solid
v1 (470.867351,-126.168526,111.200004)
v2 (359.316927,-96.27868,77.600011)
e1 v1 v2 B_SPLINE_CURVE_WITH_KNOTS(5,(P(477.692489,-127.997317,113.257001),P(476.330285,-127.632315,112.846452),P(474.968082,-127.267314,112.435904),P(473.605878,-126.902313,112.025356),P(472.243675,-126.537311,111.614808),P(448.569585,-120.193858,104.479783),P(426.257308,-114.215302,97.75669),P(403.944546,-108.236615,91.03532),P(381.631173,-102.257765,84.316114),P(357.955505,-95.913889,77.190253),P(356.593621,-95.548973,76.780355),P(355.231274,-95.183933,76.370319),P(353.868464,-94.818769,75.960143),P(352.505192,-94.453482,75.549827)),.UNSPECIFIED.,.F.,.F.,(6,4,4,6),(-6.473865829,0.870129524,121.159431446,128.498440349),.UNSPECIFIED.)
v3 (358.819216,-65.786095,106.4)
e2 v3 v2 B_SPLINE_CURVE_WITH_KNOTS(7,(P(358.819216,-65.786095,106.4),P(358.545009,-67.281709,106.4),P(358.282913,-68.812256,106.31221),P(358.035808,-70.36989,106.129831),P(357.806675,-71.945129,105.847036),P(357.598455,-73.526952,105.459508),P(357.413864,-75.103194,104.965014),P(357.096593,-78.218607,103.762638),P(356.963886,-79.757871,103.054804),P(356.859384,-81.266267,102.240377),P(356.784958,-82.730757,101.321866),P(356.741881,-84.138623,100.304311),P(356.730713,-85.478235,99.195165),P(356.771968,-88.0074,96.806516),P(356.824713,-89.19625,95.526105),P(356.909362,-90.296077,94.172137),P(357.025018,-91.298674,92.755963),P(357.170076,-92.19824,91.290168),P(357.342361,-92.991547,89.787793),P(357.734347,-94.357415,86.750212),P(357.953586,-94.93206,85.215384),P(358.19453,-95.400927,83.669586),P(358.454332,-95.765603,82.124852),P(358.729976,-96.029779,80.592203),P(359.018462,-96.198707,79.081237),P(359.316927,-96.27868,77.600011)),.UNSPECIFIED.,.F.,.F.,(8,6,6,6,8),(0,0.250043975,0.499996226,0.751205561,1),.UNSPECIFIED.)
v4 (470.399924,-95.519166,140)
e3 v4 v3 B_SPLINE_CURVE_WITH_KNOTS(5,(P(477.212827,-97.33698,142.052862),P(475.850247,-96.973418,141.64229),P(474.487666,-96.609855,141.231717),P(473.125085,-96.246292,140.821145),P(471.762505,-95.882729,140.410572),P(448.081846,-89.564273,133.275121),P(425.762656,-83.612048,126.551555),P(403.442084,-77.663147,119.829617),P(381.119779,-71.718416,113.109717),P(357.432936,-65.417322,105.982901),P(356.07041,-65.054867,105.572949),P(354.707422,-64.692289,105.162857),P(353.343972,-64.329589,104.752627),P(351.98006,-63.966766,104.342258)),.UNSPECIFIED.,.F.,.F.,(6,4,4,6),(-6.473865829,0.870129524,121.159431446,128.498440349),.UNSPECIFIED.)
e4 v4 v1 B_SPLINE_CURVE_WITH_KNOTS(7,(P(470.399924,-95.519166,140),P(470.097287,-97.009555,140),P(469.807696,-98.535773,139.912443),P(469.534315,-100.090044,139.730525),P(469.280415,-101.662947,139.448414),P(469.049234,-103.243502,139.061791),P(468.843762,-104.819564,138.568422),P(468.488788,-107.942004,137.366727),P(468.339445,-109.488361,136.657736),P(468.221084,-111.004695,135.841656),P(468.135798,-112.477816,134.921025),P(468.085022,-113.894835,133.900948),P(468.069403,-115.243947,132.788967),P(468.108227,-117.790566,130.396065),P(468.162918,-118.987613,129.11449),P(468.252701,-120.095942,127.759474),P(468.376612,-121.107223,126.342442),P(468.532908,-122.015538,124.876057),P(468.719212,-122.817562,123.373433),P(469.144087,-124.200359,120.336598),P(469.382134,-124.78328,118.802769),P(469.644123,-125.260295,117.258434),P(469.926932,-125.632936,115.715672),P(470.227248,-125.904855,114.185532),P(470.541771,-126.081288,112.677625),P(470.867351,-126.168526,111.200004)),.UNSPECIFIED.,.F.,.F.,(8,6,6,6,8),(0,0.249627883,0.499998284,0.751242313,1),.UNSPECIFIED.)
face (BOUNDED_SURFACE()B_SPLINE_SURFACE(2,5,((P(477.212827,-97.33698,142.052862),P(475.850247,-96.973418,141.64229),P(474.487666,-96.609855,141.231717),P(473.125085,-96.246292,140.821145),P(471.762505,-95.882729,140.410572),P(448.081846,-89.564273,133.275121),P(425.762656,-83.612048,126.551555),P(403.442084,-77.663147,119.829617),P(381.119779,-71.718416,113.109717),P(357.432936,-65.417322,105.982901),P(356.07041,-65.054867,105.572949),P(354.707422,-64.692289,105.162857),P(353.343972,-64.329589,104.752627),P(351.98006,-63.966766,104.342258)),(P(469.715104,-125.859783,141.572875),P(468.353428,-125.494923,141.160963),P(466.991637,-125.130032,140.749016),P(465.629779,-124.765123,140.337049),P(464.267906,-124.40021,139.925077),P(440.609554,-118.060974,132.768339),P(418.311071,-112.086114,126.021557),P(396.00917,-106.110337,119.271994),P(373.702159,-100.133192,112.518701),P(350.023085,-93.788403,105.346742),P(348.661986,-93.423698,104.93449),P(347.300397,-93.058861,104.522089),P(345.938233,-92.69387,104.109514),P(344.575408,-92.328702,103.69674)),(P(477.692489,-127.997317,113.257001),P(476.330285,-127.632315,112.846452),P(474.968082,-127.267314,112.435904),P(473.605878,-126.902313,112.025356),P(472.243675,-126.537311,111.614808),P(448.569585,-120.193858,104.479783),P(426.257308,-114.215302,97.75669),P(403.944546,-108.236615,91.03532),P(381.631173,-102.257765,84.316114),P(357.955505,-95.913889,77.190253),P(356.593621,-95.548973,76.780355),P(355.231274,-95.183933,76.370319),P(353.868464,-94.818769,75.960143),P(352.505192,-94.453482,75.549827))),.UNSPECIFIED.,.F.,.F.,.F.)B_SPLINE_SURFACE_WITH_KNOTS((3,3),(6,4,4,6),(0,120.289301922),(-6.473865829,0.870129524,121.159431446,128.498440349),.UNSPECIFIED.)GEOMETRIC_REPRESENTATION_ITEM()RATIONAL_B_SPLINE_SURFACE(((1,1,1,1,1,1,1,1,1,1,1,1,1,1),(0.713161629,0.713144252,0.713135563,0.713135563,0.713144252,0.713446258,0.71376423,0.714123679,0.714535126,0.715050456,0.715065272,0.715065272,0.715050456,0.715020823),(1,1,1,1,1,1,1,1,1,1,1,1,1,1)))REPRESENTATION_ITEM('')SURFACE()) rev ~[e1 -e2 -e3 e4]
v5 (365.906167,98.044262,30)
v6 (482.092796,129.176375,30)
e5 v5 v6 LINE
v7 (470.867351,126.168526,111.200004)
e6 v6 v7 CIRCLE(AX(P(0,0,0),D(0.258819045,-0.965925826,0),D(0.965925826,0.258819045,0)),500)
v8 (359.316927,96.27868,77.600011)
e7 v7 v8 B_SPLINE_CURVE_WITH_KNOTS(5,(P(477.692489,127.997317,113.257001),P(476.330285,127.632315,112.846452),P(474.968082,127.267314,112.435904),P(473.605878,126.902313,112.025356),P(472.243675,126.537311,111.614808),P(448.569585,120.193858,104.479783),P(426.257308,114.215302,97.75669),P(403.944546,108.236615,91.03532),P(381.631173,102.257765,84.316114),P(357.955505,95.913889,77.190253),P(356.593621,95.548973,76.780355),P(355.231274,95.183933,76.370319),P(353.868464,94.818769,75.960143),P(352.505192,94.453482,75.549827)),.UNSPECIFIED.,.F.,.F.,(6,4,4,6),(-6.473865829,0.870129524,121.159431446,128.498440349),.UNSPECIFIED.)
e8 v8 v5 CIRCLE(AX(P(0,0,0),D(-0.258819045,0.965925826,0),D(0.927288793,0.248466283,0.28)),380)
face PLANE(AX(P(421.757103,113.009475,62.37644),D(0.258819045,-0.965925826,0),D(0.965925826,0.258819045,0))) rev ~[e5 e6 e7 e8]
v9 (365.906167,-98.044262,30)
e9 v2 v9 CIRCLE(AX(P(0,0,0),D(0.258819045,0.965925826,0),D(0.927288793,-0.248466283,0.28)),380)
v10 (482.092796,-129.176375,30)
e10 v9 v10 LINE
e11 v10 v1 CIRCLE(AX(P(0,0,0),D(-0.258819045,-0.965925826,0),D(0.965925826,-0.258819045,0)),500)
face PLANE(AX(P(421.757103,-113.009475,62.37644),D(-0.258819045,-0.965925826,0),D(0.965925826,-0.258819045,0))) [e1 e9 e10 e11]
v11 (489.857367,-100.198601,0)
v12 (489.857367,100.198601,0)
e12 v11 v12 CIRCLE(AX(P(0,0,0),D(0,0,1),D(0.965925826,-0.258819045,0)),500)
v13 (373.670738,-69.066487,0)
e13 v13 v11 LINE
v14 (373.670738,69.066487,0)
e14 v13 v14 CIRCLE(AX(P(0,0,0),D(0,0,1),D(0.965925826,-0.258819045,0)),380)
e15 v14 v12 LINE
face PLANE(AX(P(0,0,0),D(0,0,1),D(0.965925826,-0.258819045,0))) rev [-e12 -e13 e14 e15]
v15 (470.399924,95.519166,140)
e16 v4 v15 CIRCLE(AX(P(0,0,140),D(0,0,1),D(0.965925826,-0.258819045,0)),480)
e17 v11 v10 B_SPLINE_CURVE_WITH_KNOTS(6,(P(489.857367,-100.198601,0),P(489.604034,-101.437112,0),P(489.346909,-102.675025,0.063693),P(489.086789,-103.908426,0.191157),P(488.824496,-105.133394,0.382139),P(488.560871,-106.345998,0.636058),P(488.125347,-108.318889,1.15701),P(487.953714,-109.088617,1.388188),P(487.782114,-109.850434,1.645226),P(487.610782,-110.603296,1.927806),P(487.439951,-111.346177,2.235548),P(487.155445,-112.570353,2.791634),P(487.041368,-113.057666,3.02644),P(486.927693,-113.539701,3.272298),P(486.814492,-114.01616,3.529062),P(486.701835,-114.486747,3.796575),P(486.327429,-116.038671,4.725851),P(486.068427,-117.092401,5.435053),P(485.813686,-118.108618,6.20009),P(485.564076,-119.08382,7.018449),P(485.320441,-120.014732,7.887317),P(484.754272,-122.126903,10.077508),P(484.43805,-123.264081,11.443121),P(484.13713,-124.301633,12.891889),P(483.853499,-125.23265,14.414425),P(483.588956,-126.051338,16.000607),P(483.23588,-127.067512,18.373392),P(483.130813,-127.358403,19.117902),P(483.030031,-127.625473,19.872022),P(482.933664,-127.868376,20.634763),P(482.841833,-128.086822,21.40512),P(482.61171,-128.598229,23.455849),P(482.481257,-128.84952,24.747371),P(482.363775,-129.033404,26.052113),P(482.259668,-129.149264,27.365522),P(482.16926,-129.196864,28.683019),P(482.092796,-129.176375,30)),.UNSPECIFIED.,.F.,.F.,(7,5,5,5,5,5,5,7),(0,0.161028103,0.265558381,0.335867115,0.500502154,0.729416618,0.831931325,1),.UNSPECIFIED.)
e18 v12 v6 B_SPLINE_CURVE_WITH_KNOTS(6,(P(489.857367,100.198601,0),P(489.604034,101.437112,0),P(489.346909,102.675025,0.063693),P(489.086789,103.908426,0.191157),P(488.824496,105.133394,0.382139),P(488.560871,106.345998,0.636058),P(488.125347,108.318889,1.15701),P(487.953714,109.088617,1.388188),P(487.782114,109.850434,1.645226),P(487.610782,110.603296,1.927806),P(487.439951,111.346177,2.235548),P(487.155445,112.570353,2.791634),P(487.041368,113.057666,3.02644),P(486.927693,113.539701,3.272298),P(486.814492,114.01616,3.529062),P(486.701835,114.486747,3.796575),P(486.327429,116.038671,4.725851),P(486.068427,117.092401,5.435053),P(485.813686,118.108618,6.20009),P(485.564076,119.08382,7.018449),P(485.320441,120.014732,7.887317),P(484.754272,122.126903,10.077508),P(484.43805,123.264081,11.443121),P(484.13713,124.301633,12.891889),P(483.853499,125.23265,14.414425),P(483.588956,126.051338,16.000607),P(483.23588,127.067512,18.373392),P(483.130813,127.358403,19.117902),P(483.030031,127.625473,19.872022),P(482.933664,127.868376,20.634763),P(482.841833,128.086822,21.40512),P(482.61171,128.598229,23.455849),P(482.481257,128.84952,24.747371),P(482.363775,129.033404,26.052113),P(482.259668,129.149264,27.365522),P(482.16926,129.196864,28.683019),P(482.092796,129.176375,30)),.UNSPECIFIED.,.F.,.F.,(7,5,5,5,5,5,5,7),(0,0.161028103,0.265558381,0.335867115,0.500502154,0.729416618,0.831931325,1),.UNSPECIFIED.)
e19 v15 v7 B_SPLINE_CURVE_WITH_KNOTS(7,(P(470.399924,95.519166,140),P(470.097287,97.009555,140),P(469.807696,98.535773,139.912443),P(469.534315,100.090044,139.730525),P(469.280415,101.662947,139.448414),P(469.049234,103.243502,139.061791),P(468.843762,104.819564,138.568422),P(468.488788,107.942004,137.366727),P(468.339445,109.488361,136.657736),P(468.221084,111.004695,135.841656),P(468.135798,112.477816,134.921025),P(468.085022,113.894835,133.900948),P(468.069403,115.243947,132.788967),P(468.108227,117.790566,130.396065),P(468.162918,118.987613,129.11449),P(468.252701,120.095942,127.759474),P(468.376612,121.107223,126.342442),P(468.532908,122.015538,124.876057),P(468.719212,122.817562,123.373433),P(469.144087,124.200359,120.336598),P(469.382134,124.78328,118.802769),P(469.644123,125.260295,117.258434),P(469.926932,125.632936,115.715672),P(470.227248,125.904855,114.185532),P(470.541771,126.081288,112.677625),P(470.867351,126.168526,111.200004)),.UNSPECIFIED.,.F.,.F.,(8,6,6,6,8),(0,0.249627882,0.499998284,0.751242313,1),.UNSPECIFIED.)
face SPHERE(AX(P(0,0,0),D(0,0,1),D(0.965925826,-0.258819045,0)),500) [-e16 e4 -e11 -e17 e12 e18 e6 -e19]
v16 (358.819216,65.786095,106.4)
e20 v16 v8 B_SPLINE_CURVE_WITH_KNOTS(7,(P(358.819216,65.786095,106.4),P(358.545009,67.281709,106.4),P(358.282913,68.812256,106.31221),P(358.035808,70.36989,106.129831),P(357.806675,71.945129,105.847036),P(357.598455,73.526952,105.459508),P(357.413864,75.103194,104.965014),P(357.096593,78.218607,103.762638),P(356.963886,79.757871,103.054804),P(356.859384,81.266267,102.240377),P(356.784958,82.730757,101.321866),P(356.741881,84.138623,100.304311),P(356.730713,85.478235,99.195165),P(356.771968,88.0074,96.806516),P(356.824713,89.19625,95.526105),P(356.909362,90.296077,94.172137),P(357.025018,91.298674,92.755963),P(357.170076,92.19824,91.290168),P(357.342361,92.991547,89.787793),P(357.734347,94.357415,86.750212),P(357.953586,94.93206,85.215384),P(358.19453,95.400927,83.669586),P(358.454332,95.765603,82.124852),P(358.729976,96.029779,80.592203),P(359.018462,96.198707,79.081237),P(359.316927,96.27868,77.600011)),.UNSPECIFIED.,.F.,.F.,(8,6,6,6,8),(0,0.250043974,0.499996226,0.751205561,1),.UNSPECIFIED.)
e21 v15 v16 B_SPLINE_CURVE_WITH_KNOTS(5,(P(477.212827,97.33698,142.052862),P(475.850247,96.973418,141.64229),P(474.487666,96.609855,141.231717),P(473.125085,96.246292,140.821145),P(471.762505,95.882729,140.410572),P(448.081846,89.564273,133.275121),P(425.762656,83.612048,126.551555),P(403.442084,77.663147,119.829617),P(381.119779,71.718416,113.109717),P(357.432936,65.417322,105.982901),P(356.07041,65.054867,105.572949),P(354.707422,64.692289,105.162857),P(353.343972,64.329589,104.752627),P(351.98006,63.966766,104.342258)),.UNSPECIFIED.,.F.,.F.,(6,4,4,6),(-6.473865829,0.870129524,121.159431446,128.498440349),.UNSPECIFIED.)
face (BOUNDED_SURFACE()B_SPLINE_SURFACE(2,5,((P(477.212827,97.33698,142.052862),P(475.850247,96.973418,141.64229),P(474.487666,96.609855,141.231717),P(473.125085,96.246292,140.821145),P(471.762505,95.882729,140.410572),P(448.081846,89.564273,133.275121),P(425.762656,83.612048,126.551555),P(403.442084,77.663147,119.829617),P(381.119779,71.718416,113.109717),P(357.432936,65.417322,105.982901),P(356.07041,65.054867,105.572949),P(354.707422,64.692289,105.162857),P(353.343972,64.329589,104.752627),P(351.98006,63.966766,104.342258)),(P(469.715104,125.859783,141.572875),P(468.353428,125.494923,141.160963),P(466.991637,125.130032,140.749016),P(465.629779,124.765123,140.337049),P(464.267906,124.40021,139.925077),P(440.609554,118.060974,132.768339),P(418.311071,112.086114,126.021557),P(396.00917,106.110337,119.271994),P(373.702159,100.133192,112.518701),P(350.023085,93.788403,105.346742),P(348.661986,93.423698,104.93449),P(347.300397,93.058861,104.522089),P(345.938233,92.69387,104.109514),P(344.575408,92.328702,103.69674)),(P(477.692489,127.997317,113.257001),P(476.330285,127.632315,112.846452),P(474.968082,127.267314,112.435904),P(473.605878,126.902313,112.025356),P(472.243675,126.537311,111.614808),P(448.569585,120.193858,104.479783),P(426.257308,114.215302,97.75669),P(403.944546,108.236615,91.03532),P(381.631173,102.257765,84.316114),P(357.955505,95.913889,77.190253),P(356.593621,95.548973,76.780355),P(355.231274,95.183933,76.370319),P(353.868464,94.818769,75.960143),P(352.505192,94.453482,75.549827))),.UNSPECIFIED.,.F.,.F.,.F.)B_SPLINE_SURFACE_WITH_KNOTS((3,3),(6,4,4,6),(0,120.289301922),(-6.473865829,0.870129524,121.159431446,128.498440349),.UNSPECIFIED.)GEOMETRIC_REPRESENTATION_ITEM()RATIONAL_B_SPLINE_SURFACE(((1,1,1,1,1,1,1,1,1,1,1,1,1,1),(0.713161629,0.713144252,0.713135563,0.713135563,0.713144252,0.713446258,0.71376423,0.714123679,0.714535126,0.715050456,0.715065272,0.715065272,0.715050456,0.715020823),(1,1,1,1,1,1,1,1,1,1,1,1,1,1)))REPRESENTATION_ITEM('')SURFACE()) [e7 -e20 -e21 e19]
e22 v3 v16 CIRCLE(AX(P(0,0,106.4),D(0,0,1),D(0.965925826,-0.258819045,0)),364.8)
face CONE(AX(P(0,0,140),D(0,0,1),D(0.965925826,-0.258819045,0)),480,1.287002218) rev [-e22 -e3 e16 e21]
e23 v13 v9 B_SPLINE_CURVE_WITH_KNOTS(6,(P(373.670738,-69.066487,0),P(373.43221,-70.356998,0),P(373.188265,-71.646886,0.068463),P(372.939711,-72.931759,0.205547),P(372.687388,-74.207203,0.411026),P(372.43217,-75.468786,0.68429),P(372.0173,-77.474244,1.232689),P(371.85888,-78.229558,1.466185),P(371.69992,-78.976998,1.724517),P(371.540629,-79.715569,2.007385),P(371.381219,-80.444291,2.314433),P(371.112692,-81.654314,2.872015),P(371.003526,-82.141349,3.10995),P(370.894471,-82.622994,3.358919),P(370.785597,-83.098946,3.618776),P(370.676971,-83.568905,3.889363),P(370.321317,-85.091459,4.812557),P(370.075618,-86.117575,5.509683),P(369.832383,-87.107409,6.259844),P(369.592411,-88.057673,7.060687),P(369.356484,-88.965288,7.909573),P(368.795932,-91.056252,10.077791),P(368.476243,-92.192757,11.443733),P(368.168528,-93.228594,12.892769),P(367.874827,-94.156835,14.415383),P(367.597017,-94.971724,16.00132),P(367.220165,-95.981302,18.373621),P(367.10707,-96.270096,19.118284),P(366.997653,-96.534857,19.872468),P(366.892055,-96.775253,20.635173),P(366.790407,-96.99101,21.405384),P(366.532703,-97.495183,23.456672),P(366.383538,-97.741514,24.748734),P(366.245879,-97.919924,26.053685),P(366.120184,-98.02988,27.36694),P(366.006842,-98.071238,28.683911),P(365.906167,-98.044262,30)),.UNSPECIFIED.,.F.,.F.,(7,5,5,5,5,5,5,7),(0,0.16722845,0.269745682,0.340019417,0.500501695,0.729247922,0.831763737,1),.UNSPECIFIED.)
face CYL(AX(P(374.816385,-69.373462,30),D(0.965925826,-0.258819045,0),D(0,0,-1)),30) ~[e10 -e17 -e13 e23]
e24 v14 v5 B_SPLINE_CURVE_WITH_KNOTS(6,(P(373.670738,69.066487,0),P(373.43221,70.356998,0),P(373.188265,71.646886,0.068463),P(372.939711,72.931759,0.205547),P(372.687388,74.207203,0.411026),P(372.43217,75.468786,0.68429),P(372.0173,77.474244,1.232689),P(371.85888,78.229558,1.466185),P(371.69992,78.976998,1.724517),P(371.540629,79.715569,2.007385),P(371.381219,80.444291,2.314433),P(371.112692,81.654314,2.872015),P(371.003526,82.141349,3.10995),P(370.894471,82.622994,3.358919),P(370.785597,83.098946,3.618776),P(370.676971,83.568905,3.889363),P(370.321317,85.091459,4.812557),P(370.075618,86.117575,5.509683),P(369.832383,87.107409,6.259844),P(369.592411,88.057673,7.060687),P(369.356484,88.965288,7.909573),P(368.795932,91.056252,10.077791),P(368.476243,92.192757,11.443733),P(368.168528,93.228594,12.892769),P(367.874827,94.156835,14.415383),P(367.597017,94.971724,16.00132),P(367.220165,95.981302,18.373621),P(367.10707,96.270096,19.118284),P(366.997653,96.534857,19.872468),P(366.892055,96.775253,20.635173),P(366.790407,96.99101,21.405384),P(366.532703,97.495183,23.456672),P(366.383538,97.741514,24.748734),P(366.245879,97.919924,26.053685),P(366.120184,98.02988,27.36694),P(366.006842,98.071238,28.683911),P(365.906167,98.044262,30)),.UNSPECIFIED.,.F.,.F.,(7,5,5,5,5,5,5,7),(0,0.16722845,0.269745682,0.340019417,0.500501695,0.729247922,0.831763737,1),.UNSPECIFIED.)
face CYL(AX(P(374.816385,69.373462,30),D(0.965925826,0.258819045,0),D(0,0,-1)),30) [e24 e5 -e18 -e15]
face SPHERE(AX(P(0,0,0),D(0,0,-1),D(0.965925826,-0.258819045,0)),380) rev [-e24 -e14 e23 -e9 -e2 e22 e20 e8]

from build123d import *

# Parameters (mm, degrees)
F1_ANGLE_BACK = 15
F1_ANGLE      = 30
F2_R          = 30


with BuildPart() as f1:
    # F0 (on Front) → F1 (revolve)
    with BuildSketch(Plane.XZ, mode=Mode.PRIVATE) as f1_sk:
        with BuildLine():
            Line((380, 0), (500, 0))
            ThreePointArc((500, 0), (494.9747468306, 70.7106781187), (480, 140))
            Line((480, 140), (364.8, 106.4))
            ThreePointArc((364.8, 106.4), (376.1808075912, 53.7401153702), (380, 0))
        make_face()
    revolve(f1_sk.sketch.rotate(Axis((0, 0, 25.3354795277), (0, 0, 1)), -F1_ANGLE_BACK), axis=Axis((0, 0, 25.3354795277), (0, 0, 1)), revolution_arc=F1_ANGLE)

    # F2
    f2_edges = [f1.edges().sort_by_distance(p)[0] for p in [
        (408.007069, -109.325165, 123.2),
        (425.007364, -113.88038, 0),
        (425.007364, 113.88038, 0),
        (408.007069, 109.325165, 123.2),
    ]]
    fillet(f2_edges, radius=F2_R)


solid = f1.part
